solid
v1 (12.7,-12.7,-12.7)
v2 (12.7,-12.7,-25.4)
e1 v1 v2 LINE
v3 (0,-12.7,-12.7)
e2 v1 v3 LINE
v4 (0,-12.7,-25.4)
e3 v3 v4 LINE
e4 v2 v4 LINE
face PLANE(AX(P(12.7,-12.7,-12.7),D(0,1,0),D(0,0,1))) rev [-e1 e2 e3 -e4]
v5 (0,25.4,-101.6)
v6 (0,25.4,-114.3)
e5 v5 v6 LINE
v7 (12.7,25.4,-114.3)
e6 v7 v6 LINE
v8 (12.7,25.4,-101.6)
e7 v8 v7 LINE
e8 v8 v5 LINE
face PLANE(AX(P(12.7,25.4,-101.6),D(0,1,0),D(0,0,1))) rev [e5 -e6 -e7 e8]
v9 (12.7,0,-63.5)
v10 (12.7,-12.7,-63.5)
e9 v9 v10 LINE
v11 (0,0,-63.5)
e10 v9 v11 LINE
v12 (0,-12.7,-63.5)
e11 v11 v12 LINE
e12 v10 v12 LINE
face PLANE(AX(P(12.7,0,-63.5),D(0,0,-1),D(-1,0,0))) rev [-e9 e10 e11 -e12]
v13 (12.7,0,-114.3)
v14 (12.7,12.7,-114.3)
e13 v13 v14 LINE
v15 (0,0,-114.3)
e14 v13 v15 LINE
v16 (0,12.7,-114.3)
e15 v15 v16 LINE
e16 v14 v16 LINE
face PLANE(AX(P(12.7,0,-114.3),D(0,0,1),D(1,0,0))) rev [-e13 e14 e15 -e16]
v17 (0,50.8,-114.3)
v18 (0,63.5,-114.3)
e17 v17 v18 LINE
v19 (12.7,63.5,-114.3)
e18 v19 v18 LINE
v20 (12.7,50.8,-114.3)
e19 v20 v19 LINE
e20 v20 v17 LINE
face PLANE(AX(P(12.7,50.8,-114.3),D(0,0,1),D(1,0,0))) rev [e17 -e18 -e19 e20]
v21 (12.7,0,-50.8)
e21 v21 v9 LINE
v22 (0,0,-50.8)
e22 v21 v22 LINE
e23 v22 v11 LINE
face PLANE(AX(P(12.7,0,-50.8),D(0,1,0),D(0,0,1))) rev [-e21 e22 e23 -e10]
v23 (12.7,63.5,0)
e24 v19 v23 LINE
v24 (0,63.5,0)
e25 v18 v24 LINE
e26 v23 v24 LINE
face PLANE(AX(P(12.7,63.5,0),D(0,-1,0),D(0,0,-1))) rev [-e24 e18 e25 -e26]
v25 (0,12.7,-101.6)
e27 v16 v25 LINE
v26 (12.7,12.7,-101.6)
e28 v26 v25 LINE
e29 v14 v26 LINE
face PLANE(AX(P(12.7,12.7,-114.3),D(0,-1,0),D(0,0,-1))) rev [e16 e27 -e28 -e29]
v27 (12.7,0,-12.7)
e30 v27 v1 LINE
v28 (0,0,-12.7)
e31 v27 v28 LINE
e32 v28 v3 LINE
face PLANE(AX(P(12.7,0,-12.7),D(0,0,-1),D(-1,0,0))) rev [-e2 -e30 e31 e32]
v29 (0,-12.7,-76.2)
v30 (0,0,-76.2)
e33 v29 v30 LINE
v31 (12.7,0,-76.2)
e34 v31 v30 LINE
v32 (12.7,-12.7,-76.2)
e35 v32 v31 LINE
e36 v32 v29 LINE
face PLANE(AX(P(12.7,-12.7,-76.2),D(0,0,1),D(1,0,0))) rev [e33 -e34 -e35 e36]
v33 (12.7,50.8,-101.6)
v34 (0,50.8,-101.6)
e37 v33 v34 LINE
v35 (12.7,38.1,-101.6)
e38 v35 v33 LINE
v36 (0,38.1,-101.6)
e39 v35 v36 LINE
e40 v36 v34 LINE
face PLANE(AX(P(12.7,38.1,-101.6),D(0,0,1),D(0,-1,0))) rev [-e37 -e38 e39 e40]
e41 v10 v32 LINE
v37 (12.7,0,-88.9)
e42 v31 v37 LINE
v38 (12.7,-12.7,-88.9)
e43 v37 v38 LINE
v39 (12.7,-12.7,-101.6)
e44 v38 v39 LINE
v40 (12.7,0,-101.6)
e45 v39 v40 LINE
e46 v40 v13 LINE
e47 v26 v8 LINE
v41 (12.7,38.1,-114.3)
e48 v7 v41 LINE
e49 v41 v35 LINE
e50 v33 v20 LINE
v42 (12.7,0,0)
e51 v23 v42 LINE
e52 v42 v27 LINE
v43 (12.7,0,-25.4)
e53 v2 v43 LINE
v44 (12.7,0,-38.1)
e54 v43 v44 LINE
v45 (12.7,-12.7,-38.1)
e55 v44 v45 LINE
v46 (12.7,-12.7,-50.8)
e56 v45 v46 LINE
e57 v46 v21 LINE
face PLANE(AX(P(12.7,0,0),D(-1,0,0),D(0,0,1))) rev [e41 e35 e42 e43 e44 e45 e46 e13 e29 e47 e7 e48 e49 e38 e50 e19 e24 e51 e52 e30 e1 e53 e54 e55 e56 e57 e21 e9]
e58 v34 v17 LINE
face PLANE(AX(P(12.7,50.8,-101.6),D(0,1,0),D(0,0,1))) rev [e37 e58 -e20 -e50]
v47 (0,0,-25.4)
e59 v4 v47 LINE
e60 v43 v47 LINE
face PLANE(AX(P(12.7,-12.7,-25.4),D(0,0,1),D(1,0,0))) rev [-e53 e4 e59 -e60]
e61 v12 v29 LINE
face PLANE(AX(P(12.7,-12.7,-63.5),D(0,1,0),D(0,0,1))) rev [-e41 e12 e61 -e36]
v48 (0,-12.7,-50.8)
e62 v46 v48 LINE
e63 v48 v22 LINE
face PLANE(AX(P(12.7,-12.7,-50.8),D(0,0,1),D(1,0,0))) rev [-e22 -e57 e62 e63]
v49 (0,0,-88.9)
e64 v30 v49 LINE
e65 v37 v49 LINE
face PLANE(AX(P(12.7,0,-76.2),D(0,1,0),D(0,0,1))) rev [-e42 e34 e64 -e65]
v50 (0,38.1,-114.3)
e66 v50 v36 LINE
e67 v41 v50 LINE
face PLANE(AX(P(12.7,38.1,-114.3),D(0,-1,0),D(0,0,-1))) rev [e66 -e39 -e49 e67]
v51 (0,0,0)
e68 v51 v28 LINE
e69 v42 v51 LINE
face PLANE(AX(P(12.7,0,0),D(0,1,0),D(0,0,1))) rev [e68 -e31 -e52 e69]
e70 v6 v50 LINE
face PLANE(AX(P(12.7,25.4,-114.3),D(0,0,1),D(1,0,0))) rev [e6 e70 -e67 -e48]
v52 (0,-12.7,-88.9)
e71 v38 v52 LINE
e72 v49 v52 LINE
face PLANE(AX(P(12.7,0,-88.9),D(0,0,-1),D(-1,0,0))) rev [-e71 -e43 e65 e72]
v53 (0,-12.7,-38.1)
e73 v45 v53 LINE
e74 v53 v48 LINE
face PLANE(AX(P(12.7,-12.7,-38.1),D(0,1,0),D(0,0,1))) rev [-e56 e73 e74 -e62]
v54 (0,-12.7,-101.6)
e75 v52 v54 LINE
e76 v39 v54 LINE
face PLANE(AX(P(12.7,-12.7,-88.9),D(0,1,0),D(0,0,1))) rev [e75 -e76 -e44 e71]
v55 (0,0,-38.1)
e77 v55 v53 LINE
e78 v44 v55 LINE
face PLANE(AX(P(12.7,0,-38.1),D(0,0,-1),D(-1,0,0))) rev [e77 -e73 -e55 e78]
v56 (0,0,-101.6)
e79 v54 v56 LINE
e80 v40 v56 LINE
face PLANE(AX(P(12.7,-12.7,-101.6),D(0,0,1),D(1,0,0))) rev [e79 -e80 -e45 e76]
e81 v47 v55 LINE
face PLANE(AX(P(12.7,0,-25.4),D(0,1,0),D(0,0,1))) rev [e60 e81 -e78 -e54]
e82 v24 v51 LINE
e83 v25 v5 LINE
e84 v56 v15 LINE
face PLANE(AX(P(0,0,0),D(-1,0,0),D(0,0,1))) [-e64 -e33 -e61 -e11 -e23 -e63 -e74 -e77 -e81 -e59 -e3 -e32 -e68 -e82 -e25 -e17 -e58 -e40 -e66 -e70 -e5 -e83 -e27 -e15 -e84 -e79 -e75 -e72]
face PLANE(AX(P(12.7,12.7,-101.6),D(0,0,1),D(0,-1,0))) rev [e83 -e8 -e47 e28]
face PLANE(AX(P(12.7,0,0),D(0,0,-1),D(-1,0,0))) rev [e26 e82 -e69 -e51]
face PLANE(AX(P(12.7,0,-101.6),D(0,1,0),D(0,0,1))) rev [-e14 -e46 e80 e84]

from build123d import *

# Parameters (mm, degrees)
BOSS_EXTRUDE1_DEPTH = 12.7


with BuildPart() as part:
    # Sketch1 → Boss-Extrude1 (new body)
    with BuildSketch(Plane(origin=(0, 0, 0), x_dir=(0, 0, -1), z_dir=(1, 0, 0))):
        Polygon((0, 0), (12.7, 0), (12.7, -12.7), (25.4, -12.7), (25.4, 0), (38.1, 0), (38.1, -12.7), (50.8, -12.7), (50.8, 0), (63.5, 0), (63.5, -12.7), (76.2, -12.7), (76.2, 0), (88.9, 0), (88.9, -12.7), (101.6, -12.7), (101.6, 0), (114.3, 0), (114.3, 12.7), (101.6, 12.7), (101.6, 25.4), (114.3, 25.4), (114.3, 38.1), (101.6, 38.1), (101.6, 50.8), (114.3, 50.8), (114.3, 63.5), (101.6, 63.5), (0, 63.5), align=None)
    extrude(amount=BOSS_EXTRUDE1_DEPTH)


solid = part.part
